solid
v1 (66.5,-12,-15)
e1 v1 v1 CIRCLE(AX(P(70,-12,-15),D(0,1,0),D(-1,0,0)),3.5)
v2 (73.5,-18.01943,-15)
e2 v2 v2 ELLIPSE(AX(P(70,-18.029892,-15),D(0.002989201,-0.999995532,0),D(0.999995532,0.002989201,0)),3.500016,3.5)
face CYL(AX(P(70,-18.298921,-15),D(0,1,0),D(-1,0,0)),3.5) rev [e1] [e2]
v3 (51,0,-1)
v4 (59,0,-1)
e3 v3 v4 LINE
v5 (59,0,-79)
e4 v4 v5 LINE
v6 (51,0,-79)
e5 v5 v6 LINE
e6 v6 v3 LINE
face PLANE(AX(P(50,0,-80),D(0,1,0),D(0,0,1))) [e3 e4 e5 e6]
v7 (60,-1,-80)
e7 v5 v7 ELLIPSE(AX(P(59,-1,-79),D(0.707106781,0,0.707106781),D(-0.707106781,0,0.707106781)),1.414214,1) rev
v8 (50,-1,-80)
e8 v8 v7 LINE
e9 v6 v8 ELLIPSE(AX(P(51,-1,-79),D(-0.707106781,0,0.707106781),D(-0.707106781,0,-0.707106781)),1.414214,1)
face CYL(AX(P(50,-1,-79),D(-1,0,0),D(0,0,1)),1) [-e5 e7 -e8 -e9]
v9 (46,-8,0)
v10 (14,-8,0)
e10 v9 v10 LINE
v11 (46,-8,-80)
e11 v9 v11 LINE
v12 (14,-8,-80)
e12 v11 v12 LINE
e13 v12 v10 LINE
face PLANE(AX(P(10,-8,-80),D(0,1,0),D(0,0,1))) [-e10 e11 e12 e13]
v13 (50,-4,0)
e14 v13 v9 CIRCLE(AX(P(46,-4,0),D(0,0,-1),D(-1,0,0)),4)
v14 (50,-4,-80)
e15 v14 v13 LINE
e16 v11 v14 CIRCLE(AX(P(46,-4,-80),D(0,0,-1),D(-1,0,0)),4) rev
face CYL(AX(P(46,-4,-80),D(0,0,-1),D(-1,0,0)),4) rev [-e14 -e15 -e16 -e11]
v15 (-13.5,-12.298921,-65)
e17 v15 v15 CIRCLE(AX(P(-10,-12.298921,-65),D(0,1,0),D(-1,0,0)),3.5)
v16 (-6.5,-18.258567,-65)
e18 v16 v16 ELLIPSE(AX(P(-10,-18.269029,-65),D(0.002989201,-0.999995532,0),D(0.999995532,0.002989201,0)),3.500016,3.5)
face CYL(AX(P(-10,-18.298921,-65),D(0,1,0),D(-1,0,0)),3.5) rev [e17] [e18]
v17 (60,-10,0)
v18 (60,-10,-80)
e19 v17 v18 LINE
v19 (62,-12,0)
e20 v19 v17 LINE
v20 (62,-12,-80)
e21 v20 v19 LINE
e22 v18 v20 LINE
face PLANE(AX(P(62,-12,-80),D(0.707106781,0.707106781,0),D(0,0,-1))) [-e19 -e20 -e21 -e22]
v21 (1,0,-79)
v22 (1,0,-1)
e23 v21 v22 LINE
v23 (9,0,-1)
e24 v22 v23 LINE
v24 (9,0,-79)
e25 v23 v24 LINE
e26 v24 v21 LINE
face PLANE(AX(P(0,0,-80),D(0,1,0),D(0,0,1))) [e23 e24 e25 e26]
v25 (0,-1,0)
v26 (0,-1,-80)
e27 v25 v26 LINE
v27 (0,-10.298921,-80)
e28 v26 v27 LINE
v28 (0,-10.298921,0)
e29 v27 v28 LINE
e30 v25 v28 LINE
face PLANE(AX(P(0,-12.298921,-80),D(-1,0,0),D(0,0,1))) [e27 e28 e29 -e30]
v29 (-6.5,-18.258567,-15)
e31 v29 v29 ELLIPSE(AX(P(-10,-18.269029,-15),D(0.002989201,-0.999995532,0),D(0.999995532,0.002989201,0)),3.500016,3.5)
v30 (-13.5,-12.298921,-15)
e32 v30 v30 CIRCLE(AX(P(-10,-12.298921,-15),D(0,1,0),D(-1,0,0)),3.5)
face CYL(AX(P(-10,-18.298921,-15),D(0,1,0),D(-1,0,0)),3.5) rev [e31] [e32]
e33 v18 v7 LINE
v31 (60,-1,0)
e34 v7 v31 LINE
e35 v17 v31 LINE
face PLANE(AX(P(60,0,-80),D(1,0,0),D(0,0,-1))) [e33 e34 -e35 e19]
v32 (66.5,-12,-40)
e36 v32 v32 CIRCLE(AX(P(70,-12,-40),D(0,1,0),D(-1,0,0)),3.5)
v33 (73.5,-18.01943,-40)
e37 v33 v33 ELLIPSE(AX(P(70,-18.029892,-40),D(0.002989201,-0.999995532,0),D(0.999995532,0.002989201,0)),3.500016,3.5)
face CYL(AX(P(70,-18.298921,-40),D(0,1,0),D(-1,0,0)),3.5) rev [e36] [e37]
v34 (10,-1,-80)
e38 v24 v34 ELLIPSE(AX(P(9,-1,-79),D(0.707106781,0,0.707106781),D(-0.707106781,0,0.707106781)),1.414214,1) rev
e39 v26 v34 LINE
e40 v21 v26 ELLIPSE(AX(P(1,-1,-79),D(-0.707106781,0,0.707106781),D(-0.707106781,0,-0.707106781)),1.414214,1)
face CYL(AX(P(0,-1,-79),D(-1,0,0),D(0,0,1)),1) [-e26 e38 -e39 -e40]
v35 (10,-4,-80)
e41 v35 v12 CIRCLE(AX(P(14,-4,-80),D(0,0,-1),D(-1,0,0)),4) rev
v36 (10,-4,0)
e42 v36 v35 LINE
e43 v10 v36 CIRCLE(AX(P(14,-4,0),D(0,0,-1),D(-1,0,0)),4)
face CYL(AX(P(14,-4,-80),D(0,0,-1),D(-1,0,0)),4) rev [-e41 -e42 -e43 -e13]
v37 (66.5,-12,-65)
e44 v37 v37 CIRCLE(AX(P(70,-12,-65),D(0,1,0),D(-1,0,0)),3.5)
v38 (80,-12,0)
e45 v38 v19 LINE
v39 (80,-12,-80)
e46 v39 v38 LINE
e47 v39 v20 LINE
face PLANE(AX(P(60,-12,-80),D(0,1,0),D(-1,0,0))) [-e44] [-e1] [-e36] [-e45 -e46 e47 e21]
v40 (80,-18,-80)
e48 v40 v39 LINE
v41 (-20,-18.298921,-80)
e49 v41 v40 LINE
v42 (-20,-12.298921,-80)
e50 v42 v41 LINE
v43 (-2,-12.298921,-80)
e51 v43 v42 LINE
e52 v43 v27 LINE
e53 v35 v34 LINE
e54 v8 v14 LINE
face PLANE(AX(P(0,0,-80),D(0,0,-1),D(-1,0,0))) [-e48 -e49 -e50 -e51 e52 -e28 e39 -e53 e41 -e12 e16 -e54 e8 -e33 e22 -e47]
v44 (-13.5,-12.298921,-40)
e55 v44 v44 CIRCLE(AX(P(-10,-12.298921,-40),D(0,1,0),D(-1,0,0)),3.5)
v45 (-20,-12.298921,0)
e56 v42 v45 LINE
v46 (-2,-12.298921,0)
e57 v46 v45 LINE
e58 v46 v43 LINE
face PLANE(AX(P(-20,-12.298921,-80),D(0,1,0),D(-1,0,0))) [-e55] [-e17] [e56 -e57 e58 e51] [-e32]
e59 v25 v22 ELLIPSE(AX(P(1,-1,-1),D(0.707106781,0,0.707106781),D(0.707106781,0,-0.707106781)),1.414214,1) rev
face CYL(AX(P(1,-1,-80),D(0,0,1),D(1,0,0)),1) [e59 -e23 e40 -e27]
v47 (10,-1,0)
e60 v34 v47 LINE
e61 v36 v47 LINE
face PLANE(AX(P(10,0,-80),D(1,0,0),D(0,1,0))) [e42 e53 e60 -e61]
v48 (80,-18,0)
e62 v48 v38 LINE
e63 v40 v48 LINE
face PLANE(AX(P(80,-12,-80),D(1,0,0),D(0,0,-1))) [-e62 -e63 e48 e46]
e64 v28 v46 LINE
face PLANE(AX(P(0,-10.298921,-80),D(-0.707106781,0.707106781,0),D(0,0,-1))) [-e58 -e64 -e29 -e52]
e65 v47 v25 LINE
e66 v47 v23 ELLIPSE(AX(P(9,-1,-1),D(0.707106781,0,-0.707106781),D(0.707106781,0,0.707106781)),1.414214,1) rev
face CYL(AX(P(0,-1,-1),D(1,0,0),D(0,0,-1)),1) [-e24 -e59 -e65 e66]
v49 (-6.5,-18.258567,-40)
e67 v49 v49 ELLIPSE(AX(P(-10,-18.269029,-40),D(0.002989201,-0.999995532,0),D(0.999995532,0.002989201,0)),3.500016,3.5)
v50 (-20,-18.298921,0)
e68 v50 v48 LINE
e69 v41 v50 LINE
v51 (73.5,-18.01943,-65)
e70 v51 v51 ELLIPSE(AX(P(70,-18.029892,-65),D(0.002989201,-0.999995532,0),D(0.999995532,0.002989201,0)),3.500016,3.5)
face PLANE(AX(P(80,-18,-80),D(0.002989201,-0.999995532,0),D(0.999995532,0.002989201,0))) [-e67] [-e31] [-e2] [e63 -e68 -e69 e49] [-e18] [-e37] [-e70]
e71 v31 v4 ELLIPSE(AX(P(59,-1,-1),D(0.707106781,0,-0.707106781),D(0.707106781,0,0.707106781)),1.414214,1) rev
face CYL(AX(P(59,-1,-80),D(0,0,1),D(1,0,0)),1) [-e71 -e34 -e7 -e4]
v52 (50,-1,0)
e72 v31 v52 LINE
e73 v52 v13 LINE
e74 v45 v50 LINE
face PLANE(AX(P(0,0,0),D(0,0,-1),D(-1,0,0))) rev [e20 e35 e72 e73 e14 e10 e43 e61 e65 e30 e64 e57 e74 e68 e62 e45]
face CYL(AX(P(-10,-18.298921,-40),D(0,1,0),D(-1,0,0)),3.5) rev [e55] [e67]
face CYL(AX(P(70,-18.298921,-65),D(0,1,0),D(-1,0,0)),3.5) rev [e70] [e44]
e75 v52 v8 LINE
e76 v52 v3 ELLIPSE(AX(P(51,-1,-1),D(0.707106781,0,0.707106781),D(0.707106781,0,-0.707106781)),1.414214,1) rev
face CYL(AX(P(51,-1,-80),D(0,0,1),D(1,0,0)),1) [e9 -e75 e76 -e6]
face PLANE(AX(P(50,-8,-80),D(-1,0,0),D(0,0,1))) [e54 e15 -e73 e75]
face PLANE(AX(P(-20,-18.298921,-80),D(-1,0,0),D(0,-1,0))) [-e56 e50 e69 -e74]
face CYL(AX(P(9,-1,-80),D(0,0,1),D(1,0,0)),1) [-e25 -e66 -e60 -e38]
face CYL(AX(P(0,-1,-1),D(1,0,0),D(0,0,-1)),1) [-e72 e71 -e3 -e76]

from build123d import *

# Parameters (mm, degrees)
BOSS_EXTRU_3_DEPTH      = 80
ESQUISSE17_R            = 3.5
ENL_V_MAT_EXTRU_4_DEPTH = 7
ESQUISSE18_R            = 3.5
ENL_V_MAT_EXTRU_5_DEPTH = 7.298921418
CHANFREIN5_SIZE         = 2
CONG_1_R                = 4
CONG_2_R                = 1


with BuildPart() as part:
    # Esquisse16 → Boss.-Extru.3 (new body)
    with BuildSketch(Plane.XY):
        Polygon((0, 0), (10, 0), (10, -8), (50, -8), (50, 0), (60, 0), (60, -12), (80, -12), (80, -18), (-20, -18.298921418), (-20, -12.298921418), (0, -12.298921418), align=None)
    extrude(amount=-BOSS_EXTRU_3_DEPTH)

    # Esquisse17 → Enlèv. mat.-Extru.4 (cut, through all)
    with BuildSketch(Plane(origin=(0, -12.298921418, 0), x_dir=(1, 0, 0), z_dir=(0, 1, 0))):
        with Locations((-10, 65)):
            Circle(ESQUISSE17_R)
        with Locations((-10, 40)):
            Circle(ESQUISSE17_R)
        with Locations((-10, 15)):
            Circle(ESQUISSE17_R)
    extrude(amount=-ENL_V_MAT_EXTRU_4_DEPTH, mode=Mode.SUBTRACT)

    # Esquisse18 → Enlèv. mat.-Extru.5 (cut, through all)
    with BuildSketch(Plane(origin=(0, -12, 0), x_dir=(1, 0, 0), z_dir=(0, 1, 0))):
        with Locations((70, 65)):
            Circle(ESQUISSE18_R)
        with Locations((70, 40)):
            Circle(ESQUISSE18_R)
        with Locations((70, 15)):
            Circle(ESQUISSE18_R)
    extrude(amount=-ENL_V_MAT_EXTRU_5_DEPTH, mode=Mode.SUBTRACT)

    # Chanfrein5
    chanfrein5_edges = [part.edges().sort_by_distance(p)[0] for p in [
        (60, -12, -40),
        (0, -12.298921418, -40),
    ]]
    chamfer(chanfrein5_edges, length=CHANFREIN5_SIZE)

    # Congé1
    cong_1_edges = [part.edges().sort_by_distance(p)[0] for p in [
        (10, -8, -40),
        (50, -8, -40),
    ]]
    fillet(cong_1_edges, radius=CONG_1_R)

    # Congé2
    cong_2_edges = [part.edges().sort_by_distance(p)[0] for p in [
        (5, 0, 0),
        (55, 0, 0),
        (0, 0, -40),
        (10, 0, -40),
        (50, 0, -40),
        (60, 0, -40),
        (55, 0, -80),
        (5, 0, -80),
    ]]
    fillet(cong_2_edges, radius=CONG_2_R)


solid = part.part
